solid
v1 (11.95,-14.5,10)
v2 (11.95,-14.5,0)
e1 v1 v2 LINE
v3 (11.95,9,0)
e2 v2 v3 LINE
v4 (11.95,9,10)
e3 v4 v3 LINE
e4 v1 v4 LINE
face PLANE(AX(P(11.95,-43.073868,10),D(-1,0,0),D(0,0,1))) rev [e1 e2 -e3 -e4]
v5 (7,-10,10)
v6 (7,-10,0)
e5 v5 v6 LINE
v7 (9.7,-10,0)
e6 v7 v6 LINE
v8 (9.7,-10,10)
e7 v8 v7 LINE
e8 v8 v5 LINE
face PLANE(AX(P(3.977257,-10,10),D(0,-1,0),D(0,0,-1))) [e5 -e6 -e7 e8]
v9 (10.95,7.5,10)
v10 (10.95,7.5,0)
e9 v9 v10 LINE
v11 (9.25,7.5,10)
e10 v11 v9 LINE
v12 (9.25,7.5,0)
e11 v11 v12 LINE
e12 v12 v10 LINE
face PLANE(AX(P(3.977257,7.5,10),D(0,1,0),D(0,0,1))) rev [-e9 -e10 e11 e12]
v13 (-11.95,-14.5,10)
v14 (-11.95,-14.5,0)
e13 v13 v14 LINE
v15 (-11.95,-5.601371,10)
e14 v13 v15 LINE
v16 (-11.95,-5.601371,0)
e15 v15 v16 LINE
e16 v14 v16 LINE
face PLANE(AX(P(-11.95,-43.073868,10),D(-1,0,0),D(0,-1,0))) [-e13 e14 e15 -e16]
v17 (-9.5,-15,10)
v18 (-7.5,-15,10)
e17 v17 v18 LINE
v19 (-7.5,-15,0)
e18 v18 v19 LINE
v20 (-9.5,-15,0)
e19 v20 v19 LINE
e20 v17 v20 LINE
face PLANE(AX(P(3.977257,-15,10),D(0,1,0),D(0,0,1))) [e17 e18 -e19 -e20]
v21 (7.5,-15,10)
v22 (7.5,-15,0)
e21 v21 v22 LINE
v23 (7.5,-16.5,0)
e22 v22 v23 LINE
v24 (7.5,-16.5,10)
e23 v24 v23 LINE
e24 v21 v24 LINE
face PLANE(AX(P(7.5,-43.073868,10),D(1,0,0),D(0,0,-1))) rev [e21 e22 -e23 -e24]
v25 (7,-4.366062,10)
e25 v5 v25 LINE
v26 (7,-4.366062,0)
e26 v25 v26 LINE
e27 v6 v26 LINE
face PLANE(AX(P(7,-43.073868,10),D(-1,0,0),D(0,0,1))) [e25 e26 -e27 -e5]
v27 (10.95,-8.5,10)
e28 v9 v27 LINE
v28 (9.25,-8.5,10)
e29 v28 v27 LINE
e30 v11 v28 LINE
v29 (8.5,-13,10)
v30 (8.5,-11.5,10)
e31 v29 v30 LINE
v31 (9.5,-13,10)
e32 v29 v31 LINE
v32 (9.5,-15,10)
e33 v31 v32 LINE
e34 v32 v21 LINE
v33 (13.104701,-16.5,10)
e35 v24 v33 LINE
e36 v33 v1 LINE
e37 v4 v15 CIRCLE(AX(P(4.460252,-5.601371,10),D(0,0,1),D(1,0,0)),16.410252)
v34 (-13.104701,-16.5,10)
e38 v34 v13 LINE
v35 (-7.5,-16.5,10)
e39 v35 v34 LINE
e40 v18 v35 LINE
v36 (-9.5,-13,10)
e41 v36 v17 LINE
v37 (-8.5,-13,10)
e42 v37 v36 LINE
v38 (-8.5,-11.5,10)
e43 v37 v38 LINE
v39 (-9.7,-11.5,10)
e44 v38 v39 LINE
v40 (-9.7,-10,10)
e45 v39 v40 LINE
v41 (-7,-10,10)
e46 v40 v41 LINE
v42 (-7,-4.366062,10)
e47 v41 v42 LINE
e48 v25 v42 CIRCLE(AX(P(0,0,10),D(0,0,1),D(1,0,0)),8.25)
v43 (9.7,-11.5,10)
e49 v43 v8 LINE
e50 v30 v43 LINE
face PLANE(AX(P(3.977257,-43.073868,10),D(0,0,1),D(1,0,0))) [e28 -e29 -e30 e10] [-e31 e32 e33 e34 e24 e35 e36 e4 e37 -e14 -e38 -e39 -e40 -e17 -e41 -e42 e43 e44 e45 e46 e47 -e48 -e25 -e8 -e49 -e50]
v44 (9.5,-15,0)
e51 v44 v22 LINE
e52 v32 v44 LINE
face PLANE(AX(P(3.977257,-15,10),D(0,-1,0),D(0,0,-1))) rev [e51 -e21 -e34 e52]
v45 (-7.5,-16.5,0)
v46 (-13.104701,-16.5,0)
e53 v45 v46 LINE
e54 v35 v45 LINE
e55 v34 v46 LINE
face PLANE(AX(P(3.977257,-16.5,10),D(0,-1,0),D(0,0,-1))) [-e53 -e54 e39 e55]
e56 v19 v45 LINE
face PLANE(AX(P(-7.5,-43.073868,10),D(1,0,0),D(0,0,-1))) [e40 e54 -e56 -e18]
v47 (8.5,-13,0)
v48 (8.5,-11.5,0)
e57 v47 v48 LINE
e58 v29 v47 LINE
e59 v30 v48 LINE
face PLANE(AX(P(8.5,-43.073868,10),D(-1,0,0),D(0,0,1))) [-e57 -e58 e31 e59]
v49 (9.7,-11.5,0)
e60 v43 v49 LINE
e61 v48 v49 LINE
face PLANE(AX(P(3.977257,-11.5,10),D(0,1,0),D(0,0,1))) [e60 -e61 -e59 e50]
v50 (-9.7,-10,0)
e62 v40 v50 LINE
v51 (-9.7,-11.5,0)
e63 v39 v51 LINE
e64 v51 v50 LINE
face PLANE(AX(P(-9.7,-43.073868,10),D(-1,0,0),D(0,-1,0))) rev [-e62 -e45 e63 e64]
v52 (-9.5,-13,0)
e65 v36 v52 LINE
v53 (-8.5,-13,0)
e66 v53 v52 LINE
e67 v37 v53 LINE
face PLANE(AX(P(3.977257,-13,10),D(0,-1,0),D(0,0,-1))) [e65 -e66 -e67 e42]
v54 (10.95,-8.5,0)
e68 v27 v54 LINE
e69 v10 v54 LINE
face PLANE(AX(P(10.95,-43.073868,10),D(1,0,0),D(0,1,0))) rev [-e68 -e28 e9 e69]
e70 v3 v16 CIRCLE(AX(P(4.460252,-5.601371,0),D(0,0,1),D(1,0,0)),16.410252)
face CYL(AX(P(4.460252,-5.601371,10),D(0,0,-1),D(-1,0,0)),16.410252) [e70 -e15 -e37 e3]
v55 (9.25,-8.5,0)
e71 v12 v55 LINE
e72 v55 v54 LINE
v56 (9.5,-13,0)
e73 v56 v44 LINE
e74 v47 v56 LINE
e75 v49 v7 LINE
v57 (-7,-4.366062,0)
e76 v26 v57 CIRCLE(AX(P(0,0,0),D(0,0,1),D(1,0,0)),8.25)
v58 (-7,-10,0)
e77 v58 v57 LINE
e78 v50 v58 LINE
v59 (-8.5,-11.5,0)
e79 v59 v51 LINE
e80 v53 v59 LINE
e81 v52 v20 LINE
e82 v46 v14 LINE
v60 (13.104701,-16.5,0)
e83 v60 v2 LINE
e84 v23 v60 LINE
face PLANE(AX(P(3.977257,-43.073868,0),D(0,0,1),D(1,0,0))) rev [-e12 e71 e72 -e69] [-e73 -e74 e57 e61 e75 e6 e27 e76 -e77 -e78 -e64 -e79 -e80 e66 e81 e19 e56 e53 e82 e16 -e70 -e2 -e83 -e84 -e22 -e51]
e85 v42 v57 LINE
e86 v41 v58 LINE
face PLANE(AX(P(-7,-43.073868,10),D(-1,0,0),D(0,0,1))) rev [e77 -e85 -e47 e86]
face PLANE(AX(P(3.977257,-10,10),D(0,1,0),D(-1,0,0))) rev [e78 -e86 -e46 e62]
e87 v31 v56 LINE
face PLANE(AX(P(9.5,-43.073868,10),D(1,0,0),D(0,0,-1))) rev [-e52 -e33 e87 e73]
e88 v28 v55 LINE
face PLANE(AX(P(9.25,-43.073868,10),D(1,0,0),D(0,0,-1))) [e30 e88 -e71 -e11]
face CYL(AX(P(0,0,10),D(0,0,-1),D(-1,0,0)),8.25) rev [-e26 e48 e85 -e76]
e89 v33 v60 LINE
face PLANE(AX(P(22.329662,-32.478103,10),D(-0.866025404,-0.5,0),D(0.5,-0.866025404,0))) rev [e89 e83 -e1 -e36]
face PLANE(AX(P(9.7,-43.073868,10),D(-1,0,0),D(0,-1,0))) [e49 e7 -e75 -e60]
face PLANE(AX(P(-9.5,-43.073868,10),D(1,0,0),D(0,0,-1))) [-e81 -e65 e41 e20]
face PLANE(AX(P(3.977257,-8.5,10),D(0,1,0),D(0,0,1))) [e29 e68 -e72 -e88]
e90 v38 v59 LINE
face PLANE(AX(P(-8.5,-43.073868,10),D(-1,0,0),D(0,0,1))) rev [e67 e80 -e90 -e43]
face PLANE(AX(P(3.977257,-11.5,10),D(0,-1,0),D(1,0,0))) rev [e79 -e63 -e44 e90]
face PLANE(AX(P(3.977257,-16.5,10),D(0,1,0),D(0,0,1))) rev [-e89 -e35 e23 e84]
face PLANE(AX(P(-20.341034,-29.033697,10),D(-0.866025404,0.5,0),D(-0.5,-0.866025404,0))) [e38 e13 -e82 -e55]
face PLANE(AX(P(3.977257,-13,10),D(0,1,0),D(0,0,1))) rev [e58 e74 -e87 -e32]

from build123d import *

# Parameters (mm, degrees)
SKETCH1_W           = 1.7
SKETCH1_H           = 16
BOSS_EXTRUDE1_DEPTH = 10


with BuildPart() as part:
    # Sketch1 → Boss-Extrude1 (new body)
    with BuildSketch(Plane.XY):
        with BuildLine():
            Line((8.5, -13), (9.5, -13))
            Line((9.5, -13), (9.5, -15))
            Line((9.5, -15), (7.5, -15))
            Line((7.5, -15), (7.5, -16.5))
            Line((7.5, -16.5), (13.104700538, -16.5))
            Line((13.104700538, -16.5), (11.95, -14.5))
            Line((11.95, -14.5), (11.95, 9))
            ThreePointArc((11.95, 9), (-4.095088976, 8.402289312), (-11.95, -5.60137132))
            Line((-11.95, -5.60137132), (-11.95, -14.5))
            Line((-11.95, -14.5), (-13.104700538, -16.5))
            Line((-13.104700538, -16.5), (-7.5, -16.5))
            Line((-7.5, -16.5), (-7.5, -15))
            Line((-7.5, -15), (-9.5, -15))
            Line((-9.5, -15), (-9.5, -13))
            Line((-9.5, -13), (-8.5, -13))
            Line((-8.5, -13), (-8.5, -11.5))
            Line((-8.5, -11.5), (-9.7, -11.5))
            Line((-9.7, -11.5), (-9.7, -10))
            Line((-9.7, -10), (-7, -10))
            Line((-7, -10), (-7, -4.366062299))
            ThreePointArc((-7, -4.366062299), (0, 8.25), (7, -4.366062299))
            Line((7, -4.366062299), (7, -10))
            Line((7, -10), (9.7, -10))
            Line((9.7, -10), (9.7, -11.5))
            Line((9.7, -11.5), (8.5, -11.5))
            Line((8.5, -11.5), (8.5, -13))
        make_face()
        with Locations((10.1, -0.5)):
            Rectangle(SKETCH1_W, SKETCH1_H, mode=Mode.SUBTRACT)
    extrude(amount=BOSS_EXTRUDE1_DEPTH)


solid = part.part
